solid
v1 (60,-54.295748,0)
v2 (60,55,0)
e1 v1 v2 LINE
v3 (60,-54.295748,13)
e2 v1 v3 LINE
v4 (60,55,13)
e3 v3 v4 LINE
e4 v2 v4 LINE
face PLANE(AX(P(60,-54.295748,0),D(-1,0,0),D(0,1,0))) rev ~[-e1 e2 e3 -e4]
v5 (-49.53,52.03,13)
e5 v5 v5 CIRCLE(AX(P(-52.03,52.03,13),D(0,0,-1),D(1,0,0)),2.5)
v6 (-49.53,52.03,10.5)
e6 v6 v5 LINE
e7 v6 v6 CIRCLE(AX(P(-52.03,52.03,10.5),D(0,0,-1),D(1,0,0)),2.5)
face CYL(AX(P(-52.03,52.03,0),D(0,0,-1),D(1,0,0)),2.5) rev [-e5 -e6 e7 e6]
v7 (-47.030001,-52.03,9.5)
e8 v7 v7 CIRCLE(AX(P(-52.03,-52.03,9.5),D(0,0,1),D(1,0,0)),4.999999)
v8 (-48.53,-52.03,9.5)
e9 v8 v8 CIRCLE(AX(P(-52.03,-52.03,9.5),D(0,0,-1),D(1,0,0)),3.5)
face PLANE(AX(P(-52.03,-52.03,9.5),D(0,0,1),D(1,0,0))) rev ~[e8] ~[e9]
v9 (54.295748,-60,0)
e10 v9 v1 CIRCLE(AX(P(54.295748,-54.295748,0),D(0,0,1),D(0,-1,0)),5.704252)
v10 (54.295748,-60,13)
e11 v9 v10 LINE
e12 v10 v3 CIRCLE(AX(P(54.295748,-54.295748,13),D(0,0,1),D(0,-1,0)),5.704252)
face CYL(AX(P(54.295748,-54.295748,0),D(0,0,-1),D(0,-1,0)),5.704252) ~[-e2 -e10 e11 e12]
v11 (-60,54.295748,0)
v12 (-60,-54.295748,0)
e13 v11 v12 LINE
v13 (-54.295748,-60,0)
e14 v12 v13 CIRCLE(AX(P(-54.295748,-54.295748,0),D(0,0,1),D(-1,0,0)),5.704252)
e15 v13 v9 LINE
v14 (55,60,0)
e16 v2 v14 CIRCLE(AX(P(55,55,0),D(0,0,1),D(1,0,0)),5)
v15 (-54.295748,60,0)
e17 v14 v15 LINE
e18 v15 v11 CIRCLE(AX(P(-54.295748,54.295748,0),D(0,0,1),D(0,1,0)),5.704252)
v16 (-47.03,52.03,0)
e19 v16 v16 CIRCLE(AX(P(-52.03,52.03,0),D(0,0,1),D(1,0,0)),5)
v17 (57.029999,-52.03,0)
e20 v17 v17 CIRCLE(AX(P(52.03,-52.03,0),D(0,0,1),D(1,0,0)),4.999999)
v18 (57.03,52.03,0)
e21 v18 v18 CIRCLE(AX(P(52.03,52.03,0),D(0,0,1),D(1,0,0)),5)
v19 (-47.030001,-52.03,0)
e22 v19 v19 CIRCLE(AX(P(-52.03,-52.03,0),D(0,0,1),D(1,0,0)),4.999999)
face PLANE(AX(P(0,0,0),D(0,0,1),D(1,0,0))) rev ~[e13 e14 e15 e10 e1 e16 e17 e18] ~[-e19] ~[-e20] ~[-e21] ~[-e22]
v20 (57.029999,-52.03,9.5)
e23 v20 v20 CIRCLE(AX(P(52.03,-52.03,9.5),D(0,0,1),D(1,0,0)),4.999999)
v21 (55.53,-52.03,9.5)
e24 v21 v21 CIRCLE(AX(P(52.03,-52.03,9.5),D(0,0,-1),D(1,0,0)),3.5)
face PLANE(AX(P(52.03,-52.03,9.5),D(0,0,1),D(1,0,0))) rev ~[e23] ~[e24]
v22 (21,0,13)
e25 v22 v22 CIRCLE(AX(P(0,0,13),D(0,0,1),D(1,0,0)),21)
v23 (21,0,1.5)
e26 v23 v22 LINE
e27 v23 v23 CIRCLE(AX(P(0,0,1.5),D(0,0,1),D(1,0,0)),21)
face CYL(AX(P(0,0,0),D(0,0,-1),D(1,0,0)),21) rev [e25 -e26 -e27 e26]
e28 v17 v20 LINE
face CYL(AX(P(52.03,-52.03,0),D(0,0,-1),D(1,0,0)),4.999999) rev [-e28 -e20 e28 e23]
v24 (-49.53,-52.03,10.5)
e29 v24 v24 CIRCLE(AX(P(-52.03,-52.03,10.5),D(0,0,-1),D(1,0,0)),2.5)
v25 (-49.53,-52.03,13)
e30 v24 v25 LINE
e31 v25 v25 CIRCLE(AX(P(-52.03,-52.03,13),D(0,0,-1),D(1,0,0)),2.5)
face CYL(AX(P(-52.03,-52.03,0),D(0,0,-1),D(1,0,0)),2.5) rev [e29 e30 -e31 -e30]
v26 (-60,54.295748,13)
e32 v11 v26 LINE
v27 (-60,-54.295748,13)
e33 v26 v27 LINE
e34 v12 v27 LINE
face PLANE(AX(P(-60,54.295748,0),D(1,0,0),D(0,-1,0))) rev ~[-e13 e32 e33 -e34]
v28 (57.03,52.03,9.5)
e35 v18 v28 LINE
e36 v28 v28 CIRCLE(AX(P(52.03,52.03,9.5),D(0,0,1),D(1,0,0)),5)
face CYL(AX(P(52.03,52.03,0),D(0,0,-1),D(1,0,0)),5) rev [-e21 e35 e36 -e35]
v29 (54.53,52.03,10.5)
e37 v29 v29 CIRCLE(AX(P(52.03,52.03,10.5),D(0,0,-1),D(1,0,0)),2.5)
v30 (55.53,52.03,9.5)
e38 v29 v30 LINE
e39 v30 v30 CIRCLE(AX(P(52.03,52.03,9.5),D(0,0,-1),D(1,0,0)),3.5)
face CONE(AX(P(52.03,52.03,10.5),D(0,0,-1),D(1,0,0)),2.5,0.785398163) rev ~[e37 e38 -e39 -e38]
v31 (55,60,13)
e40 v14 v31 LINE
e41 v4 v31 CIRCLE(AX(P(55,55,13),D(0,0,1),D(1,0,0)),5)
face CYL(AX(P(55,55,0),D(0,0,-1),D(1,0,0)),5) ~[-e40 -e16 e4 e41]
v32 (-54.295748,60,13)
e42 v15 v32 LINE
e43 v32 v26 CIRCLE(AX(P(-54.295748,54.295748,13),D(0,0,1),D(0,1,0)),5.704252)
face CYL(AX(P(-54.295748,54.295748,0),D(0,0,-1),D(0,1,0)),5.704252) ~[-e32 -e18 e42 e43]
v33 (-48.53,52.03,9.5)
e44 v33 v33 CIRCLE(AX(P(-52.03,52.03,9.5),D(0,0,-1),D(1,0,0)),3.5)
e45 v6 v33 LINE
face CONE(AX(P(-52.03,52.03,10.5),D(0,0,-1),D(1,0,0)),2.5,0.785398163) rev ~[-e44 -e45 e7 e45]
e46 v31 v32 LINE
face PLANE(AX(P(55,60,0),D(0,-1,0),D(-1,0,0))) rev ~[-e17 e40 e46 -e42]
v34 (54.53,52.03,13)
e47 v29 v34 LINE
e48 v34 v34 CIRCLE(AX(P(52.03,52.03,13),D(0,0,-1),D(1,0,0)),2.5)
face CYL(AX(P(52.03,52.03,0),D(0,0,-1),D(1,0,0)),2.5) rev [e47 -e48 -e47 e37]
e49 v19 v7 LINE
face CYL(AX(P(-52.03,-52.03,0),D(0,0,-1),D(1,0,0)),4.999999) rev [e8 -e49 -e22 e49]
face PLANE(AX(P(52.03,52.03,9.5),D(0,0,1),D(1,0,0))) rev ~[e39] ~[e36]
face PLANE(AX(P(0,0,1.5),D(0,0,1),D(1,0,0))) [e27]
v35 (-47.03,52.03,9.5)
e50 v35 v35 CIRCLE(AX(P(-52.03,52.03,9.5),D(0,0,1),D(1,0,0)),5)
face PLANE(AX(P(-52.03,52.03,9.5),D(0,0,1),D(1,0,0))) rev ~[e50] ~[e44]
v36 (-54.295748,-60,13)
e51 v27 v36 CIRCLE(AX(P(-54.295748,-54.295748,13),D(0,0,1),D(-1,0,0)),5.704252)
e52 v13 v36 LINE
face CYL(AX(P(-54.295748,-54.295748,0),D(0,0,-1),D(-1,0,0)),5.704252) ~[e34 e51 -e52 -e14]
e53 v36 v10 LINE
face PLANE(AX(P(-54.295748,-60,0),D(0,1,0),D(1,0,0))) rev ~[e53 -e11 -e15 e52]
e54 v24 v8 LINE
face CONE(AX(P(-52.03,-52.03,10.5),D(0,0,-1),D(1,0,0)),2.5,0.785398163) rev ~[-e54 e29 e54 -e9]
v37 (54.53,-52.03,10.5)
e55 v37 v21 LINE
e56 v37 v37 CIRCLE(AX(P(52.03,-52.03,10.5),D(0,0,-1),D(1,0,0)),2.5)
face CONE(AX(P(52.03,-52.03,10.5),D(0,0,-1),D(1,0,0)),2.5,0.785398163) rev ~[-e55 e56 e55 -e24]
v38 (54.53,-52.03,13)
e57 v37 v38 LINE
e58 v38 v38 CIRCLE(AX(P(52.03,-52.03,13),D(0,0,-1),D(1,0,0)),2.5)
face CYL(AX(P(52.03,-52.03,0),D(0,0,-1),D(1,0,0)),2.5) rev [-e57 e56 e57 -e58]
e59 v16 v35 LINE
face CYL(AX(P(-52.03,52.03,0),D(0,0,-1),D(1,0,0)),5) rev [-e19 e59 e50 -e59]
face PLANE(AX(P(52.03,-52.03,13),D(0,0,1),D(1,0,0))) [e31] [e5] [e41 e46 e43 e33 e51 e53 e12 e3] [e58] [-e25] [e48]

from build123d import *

# Parameters (mm, degrees)
F0_R     = 4.9999993943
F0_R_2   = 4.9999985195
F0_R_3   = 5
F0_R_4   = 21
F1_DEPTH = 13
F2_DEPTH = 1.5
F3_R     = 4.9999985195
F3_R_2   = 4.9999993943
F3_R_3   = 5
F4_DEPTH = 3.5
F0_R_5   = 2.5
F5_DEPTH = 27.6
F6_SIZE  = 1


with BuildPart() as f1:
    # F0 (on Top) → F1 (new body)
    with BuildSketch(Plane.XY):
        with BuildLine():
            Line((55, 60), (-54.2957481862, 60))
            ThreePointArc((-54.2957481862, 60), (-58.3292633253, 58.3292633253), (-60, 54.2957481862))
            Line((-60, 54.2957481862), (-60, -54.2957481862))
            ThreePointArc((-60, -54.2957481862), (-58.3292633253, -58.3292633253), (-54.2957481862, -60))
            Line((-54.2957481862, -60), (54.2957481862, -60))
            ThreePointArc((54.2957481862, -60), (58.3292633253, -58.3292633253), (60, -54.2957481862))
            Line((60, -54.2957481862), (60, 55))
            ThreePointArc((60, 55), (58.5355339059, 58.5355339059), (55, 60))
        make_face()
        with Locations((-52.03, -52.03)):
            Circle(F0_R, mode=Mode.SUBTRACT)
        with Locations((52.03, -52.03)):
            Circle(F0_R_2, mode=Mode.SUBTRACT)
        with Locations((-52.03, 52.03)):
            Circle(F0_R_3, mode=Mode.SUBTRACT)
        Circle(F0_R_4, mode=Mode.SUBTRACT)
        with Locations((52.03, 52.03)):
            Circle(F0_R_3, mode=Mode.SUBTRACT)
    extrude(amount=F1_DEPTH)

    # F0 (on Top) → F2 (join)
    with BuildSketch(Plane.XY):
        Circle(F0_R_4)
    extrude(amount=F2_DEPTH)

    # F3 (on face) → F4 (join)
    with BuildSketch(Plane.XY.offset(13)):
        with Locations((52.03, -52.03)):
            Circle(F3_R)
        with Locations((-52.03, -52.03)):
            Circle(F3_R_2)
        with Locations((-52.03, 52.03)):
            Circle(F3_R_3)
        with Locations((52.03, 52.03)):
            Circle(F3_R_3)
    extrude(amount=-F4_DEPTH)

    # F0 (on Top) → F5 (cut)
    with BuildSketch(Plane.XY):
        with Locations((-52.03, -52.03)):
            Circle(F0_R_5)
        with Locations((52.03, -52.03)):
            Circle(F0_R_5)
        with Locations((52.03, 52.03)):
            Circle(F0_R_5)
        with Locations((-52.03, 52.03)):
            Circle(F0_R_5)
    extrude(amount=F5_DEPTH, mode=Mode.SUBTRACT)

    # F6
    f6_edges = [f1.edges().sort_by_distance(p)[0] for p in [
        (49.53, 52.03, 9.5),
        (-54.53, 52.03, 9.5),
        (49.53, -52.03, 9.5),
        (-54.53, -52.03, 9.5),
    ]]
    chamfer(f6_edges, length=F6_SIZE)


solid = f1.part
